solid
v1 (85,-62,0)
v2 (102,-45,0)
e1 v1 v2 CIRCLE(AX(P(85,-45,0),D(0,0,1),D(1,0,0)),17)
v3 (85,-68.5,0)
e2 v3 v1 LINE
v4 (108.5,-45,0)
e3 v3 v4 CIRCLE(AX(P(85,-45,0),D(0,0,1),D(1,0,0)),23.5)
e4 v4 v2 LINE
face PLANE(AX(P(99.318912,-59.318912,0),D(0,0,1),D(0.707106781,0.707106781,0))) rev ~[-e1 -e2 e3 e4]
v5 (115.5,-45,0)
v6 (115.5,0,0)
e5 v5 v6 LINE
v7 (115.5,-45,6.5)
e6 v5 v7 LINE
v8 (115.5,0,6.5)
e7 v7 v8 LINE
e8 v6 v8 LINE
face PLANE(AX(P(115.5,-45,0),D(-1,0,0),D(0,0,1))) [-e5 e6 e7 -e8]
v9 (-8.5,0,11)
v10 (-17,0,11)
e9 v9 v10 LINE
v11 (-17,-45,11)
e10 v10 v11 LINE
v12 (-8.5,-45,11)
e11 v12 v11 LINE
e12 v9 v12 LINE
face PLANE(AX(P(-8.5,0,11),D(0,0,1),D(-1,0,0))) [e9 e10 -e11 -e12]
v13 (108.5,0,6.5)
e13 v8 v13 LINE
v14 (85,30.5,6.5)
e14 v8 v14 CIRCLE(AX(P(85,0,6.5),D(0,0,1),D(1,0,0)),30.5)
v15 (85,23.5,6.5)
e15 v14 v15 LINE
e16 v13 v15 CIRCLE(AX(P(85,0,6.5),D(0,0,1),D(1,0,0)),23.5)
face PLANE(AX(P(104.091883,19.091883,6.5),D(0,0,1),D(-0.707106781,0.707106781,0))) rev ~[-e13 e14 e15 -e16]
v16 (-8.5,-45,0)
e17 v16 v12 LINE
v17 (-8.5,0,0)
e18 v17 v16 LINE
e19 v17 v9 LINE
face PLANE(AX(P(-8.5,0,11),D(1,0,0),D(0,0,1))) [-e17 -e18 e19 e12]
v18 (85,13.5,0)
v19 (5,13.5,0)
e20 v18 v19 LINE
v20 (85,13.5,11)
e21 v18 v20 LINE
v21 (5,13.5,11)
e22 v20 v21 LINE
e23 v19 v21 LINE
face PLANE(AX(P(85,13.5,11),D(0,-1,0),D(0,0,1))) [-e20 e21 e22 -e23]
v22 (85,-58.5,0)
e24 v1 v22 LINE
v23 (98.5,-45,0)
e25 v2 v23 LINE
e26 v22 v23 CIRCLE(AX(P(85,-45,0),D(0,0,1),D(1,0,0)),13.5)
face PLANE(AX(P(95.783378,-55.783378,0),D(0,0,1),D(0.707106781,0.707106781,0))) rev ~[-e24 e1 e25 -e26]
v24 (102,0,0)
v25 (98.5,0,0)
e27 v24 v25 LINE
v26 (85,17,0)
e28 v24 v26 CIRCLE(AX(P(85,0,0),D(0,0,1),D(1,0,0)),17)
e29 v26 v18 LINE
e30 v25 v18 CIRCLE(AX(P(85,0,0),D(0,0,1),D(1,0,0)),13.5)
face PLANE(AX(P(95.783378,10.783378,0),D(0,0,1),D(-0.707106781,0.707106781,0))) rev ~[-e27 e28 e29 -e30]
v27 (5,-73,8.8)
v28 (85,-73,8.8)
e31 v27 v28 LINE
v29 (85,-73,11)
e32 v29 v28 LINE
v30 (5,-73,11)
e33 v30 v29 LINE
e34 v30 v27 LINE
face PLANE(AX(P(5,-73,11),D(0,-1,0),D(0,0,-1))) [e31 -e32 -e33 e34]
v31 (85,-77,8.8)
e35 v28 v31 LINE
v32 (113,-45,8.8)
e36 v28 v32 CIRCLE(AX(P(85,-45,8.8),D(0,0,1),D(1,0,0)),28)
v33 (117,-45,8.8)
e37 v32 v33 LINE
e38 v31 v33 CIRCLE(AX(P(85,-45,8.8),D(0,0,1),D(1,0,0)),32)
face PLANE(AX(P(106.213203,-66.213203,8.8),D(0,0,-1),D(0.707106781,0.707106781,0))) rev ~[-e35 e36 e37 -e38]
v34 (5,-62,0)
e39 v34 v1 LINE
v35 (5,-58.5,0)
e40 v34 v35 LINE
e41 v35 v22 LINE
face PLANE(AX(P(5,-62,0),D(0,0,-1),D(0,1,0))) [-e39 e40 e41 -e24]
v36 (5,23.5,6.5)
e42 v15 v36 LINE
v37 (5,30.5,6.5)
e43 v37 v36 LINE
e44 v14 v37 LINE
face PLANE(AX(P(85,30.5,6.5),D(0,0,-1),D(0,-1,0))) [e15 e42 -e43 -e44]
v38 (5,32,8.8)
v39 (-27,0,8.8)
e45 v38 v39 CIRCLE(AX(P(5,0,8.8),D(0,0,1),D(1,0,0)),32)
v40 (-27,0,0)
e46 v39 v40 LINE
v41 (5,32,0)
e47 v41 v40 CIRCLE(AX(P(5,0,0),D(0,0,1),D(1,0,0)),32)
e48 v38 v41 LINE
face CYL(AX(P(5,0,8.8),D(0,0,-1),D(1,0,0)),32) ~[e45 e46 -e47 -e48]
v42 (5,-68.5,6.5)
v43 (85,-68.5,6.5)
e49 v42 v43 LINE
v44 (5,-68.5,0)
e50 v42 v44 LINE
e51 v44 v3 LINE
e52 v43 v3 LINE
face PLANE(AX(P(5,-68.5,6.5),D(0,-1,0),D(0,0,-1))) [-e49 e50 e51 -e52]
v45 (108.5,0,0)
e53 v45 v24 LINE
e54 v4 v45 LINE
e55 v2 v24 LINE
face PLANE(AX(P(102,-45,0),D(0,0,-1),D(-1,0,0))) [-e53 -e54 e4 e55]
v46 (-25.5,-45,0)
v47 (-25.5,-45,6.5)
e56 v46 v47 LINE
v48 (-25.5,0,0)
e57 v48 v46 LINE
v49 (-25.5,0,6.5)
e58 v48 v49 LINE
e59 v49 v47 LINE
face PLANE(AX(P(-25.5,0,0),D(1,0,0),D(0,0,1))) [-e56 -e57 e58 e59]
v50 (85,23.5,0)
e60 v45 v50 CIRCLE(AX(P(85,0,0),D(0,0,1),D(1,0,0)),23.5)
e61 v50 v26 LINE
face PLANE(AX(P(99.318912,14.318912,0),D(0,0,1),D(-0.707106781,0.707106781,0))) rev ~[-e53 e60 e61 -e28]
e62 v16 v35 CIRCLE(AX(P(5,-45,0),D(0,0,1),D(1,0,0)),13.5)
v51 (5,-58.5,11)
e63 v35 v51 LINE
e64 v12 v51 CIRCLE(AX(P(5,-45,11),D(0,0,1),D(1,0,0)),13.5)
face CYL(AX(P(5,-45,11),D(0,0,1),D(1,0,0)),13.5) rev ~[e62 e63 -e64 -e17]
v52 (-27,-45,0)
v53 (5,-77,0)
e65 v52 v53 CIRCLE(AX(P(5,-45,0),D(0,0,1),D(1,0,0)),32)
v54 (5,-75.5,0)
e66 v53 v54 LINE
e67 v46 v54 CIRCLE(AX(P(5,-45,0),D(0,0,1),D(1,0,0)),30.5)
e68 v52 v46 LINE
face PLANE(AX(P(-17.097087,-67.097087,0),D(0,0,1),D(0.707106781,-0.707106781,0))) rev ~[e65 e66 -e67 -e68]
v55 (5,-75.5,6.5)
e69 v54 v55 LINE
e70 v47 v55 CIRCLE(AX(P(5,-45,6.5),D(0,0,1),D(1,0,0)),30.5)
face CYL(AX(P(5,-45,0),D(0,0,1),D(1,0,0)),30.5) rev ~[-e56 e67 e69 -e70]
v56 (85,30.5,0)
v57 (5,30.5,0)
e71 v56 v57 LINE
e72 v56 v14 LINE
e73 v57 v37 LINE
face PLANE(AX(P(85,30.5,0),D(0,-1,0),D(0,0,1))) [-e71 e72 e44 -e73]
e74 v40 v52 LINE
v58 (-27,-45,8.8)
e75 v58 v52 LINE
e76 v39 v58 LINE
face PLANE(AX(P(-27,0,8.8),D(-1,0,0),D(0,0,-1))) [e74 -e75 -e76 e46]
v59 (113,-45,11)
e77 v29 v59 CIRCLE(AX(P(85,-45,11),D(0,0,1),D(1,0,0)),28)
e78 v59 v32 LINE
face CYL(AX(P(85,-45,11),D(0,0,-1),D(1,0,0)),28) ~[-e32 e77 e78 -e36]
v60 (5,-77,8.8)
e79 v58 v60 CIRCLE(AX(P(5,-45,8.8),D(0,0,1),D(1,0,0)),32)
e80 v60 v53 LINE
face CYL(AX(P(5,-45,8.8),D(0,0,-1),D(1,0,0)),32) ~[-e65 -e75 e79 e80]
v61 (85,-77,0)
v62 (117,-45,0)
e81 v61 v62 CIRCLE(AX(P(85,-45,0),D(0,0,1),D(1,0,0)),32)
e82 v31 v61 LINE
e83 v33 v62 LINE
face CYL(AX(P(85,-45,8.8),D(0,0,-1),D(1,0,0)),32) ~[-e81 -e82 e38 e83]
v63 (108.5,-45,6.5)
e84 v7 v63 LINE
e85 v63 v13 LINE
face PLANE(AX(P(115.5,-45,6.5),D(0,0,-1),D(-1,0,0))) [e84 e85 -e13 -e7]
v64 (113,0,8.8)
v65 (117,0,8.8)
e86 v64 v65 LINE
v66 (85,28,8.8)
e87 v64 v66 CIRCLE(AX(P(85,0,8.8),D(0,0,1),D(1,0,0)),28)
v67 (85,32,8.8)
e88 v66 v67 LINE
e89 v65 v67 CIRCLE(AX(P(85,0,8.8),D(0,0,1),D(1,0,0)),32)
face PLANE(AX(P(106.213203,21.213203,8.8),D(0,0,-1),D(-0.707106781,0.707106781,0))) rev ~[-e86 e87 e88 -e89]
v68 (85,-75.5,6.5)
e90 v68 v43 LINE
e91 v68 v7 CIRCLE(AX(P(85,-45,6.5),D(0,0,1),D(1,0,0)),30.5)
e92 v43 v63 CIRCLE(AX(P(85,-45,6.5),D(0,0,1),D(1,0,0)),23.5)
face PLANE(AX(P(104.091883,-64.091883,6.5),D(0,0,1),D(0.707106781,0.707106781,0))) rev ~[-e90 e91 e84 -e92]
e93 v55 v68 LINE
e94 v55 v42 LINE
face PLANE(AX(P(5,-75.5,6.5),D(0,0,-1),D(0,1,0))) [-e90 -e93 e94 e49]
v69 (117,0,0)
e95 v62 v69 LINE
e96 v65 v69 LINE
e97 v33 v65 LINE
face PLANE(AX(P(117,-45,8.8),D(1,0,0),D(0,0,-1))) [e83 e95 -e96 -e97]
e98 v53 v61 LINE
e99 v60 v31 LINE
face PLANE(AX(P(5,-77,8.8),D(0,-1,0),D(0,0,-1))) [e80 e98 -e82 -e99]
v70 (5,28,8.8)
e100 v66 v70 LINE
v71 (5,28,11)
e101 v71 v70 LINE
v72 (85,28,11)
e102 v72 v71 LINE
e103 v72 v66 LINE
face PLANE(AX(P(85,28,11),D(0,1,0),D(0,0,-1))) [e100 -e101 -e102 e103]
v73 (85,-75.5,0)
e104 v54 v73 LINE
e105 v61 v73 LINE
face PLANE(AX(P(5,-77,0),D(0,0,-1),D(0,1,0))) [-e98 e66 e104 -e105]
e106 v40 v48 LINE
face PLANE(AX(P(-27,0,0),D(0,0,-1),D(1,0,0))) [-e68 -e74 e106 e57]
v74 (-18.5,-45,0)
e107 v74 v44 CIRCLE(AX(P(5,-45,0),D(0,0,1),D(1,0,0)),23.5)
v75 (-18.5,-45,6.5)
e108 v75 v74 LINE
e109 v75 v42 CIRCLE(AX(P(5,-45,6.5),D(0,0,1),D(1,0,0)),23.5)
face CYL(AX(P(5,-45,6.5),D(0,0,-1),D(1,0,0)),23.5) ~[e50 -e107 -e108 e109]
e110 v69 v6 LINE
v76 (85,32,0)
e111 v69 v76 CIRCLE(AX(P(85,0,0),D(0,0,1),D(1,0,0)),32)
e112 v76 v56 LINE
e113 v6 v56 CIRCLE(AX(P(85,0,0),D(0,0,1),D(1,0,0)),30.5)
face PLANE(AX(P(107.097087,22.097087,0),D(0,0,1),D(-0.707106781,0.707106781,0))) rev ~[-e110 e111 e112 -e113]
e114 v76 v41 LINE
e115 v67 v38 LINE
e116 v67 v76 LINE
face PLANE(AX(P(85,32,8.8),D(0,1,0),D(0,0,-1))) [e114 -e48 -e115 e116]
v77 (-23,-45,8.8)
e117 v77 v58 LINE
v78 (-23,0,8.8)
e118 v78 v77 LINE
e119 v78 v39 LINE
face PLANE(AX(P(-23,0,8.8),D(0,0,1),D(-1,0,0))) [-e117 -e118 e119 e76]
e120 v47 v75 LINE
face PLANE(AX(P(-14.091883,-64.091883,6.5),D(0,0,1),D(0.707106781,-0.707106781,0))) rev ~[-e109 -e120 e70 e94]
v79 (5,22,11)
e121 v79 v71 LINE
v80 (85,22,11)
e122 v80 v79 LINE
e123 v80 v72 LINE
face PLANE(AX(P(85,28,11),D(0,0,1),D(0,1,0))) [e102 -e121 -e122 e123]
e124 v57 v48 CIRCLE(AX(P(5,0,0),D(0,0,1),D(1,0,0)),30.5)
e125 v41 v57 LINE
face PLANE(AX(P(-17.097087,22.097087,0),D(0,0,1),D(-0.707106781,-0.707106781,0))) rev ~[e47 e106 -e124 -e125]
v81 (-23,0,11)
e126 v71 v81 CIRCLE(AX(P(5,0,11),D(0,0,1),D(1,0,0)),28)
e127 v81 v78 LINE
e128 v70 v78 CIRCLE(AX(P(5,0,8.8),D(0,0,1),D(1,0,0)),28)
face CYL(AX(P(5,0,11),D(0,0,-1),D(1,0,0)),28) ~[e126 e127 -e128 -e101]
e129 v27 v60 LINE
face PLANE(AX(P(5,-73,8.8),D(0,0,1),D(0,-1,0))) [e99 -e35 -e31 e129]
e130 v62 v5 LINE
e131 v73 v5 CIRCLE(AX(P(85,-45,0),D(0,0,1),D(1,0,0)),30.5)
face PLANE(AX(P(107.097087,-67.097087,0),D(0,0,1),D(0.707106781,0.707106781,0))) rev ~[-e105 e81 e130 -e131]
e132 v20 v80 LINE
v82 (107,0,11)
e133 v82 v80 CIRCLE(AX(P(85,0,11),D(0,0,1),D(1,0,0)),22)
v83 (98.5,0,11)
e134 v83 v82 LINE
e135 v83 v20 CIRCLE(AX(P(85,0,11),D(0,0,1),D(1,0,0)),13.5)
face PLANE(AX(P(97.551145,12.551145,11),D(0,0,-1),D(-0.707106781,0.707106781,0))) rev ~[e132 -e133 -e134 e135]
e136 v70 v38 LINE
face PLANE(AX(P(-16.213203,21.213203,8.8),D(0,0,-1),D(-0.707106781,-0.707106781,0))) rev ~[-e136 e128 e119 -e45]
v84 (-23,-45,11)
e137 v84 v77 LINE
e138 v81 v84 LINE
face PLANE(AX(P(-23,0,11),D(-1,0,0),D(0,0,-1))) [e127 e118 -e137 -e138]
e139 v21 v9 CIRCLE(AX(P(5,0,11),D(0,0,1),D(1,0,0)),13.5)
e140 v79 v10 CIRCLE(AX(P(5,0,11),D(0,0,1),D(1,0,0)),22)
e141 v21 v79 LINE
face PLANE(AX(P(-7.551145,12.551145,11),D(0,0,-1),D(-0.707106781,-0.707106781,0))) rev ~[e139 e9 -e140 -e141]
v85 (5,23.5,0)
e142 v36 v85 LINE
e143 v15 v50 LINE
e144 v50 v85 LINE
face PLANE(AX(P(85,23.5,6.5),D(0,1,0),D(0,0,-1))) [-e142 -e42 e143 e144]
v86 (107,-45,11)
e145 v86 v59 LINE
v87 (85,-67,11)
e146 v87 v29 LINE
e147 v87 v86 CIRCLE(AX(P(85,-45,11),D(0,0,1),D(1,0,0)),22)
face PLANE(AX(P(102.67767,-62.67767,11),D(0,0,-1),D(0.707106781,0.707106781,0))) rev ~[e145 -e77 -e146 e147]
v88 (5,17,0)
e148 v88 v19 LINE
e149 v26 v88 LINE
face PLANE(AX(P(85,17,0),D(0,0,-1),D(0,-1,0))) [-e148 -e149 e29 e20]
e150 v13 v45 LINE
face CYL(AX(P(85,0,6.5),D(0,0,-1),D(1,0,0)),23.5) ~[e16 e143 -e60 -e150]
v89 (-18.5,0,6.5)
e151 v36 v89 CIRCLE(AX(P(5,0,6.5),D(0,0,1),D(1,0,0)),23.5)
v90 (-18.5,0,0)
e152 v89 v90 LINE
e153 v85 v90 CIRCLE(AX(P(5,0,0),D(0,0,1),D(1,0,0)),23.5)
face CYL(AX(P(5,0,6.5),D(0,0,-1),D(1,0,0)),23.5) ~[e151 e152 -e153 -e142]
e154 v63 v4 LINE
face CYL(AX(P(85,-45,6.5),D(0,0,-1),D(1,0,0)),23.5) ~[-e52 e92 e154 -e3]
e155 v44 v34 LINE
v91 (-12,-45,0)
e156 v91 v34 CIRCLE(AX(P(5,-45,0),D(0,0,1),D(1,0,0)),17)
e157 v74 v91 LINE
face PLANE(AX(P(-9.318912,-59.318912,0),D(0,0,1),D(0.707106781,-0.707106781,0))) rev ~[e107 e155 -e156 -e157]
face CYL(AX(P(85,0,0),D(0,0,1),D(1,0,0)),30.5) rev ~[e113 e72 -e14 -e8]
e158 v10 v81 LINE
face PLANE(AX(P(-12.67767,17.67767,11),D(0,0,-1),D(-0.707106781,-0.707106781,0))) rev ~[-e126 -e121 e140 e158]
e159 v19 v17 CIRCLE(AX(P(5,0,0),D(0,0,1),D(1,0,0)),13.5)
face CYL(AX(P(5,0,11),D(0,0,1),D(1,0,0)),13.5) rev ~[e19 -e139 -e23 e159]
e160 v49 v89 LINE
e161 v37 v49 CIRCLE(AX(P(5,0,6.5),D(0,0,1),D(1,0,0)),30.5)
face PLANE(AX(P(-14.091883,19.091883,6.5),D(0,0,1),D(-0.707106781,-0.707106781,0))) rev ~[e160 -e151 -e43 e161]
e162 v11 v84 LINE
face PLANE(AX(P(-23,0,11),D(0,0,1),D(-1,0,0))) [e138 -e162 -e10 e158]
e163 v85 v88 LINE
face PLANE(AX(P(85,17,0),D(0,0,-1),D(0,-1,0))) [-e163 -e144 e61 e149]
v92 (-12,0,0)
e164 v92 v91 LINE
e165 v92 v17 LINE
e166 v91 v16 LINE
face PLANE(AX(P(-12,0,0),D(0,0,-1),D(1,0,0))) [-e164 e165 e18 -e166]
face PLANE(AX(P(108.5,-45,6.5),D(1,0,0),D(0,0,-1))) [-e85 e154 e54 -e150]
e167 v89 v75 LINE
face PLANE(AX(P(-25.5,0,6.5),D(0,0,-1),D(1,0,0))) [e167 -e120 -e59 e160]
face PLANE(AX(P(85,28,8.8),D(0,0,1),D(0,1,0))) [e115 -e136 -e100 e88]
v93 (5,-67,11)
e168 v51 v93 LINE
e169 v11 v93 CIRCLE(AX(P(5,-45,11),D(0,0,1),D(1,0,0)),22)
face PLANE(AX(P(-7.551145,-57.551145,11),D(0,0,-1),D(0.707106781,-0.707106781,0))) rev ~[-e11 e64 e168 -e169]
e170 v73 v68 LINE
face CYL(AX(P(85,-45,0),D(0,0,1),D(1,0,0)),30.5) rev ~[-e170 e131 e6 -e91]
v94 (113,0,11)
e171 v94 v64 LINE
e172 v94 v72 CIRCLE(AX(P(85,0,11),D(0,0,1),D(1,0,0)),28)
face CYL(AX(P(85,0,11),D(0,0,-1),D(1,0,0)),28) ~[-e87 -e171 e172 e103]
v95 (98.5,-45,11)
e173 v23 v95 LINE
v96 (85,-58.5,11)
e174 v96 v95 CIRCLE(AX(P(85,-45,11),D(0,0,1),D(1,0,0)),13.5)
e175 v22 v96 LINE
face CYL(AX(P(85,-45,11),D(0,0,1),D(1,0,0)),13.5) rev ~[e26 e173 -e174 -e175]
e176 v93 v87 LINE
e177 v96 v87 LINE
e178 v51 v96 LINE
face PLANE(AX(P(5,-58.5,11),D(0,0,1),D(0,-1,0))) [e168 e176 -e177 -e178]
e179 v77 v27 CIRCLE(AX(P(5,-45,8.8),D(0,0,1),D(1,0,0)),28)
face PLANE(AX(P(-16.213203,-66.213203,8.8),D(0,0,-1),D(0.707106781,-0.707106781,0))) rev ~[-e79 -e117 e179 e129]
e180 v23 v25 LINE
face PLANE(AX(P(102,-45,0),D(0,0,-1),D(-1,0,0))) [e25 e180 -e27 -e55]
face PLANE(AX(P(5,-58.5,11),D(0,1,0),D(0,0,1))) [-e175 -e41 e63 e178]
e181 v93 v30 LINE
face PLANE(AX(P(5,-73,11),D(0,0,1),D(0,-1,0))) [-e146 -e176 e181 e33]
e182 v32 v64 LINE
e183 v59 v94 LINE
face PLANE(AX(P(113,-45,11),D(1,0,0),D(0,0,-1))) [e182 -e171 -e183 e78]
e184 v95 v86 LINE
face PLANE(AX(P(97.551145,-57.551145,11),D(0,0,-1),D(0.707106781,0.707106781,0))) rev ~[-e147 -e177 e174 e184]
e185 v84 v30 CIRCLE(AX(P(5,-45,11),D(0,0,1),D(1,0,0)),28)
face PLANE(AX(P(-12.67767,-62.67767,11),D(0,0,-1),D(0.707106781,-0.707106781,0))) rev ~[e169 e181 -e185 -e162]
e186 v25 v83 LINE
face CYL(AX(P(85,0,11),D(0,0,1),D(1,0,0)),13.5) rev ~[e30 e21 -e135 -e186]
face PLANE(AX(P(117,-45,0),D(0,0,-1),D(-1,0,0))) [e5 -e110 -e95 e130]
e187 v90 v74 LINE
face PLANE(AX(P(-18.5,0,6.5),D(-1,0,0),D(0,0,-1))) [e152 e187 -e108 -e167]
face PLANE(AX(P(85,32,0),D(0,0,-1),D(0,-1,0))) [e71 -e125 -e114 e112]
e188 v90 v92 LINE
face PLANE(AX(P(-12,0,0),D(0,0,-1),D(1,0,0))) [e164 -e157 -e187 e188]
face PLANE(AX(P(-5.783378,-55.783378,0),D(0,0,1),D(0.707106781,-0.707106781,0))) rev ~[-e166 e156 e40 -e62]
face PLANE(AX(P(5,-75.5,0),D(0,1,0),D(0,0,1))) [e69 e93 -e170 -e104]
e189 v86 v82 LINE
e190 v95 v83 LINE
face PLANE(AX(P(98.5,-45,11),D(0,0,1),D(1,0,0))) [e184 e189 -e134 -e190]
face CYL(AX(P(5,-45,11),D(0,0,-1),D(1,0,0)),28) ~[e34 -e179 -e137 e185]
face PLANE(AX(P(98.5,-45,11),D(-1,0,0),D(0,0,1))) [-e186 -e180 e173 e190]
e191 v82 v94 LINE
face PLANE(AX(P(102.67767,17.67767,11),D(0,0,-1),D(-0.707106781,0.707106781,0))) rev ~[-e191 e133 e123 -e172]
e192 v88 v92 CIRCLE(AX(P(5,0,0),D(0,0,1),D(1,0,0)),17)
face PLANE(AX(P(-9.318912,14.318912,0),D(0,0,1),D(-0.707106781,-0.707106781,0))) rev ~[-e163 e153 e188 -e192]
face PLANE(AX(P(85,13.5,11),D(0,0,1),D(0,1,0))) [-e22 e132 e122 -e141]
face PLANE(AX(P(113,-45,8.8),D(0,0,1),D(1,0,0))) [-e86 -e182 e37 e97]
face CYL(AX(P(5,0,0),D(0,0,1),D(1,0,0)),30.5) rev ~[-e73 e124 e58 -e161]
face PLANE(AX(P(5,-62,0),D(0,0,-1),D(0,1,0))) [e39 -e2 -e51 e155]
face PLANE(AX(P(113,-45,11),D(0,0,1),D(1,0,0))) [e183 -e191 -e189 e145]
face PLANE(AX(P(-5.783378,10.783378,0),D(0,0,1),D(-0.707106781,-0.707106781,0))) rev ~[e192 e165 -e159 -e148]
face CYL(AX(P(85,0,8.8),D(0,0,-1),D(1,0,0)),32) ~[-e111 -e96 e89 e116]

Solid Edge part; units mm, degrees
sketch "Sketch1" plane through (0, 0, 0) normal (0, 0, 1) x (1, 0, 0)
  line L0 (85, 5) -> (5, 5)
  arc A0 (0, 0) -> (5, 5) centre (5, 0) cw
  line L1 (0, 0) -> (0, -45)
  arc A1 (0, -45) -> (5, -50) centre (5, -45) ccw
  line L2 (5, -50) -> (85, -50)
  arc A2 (90, -45) -> (85, -50) centre (85, -45) cw
  line L3 (90, -45) -> (90, 0)
  arc A3 (85, 5) -> (90, 0) centre (85, 0) cw
sketch "Sketch2" plane through (0, 0, 0) normal (0, -1, 0) x (1, 0, 0)
  line L0 (-12, 0) -> (-8.5, 0)
  line L1 (-8.5, 11) -> (-8.5, 0)
  line L2 (-8.5, 11) -> (-17, 11)
  line L3 (-23, 11) -> (-17, 11)
  line L4 (-23, 11) -> (-23, 8.8)
  line L5 (-23, 8.8) -> (-27, 8.8)
  line L6 (-27, 8.8) -> (-27, 0)
  line L7 (-27, 0) -> (-25.5, 0)
  line L8 (-25.5, 0) -> (-25.5, 6.5)
  line L9 (-25.5, 6.5) -> (-18.5, 6.5)
  line L10 (-18.5, 6.5) -> (-18.5, 0)
  line L11 (-12, 0) -> (-18.5, 0)
sweep "SweptProtrusion_13" add profiles "Sketch2" path "Sketch1"
